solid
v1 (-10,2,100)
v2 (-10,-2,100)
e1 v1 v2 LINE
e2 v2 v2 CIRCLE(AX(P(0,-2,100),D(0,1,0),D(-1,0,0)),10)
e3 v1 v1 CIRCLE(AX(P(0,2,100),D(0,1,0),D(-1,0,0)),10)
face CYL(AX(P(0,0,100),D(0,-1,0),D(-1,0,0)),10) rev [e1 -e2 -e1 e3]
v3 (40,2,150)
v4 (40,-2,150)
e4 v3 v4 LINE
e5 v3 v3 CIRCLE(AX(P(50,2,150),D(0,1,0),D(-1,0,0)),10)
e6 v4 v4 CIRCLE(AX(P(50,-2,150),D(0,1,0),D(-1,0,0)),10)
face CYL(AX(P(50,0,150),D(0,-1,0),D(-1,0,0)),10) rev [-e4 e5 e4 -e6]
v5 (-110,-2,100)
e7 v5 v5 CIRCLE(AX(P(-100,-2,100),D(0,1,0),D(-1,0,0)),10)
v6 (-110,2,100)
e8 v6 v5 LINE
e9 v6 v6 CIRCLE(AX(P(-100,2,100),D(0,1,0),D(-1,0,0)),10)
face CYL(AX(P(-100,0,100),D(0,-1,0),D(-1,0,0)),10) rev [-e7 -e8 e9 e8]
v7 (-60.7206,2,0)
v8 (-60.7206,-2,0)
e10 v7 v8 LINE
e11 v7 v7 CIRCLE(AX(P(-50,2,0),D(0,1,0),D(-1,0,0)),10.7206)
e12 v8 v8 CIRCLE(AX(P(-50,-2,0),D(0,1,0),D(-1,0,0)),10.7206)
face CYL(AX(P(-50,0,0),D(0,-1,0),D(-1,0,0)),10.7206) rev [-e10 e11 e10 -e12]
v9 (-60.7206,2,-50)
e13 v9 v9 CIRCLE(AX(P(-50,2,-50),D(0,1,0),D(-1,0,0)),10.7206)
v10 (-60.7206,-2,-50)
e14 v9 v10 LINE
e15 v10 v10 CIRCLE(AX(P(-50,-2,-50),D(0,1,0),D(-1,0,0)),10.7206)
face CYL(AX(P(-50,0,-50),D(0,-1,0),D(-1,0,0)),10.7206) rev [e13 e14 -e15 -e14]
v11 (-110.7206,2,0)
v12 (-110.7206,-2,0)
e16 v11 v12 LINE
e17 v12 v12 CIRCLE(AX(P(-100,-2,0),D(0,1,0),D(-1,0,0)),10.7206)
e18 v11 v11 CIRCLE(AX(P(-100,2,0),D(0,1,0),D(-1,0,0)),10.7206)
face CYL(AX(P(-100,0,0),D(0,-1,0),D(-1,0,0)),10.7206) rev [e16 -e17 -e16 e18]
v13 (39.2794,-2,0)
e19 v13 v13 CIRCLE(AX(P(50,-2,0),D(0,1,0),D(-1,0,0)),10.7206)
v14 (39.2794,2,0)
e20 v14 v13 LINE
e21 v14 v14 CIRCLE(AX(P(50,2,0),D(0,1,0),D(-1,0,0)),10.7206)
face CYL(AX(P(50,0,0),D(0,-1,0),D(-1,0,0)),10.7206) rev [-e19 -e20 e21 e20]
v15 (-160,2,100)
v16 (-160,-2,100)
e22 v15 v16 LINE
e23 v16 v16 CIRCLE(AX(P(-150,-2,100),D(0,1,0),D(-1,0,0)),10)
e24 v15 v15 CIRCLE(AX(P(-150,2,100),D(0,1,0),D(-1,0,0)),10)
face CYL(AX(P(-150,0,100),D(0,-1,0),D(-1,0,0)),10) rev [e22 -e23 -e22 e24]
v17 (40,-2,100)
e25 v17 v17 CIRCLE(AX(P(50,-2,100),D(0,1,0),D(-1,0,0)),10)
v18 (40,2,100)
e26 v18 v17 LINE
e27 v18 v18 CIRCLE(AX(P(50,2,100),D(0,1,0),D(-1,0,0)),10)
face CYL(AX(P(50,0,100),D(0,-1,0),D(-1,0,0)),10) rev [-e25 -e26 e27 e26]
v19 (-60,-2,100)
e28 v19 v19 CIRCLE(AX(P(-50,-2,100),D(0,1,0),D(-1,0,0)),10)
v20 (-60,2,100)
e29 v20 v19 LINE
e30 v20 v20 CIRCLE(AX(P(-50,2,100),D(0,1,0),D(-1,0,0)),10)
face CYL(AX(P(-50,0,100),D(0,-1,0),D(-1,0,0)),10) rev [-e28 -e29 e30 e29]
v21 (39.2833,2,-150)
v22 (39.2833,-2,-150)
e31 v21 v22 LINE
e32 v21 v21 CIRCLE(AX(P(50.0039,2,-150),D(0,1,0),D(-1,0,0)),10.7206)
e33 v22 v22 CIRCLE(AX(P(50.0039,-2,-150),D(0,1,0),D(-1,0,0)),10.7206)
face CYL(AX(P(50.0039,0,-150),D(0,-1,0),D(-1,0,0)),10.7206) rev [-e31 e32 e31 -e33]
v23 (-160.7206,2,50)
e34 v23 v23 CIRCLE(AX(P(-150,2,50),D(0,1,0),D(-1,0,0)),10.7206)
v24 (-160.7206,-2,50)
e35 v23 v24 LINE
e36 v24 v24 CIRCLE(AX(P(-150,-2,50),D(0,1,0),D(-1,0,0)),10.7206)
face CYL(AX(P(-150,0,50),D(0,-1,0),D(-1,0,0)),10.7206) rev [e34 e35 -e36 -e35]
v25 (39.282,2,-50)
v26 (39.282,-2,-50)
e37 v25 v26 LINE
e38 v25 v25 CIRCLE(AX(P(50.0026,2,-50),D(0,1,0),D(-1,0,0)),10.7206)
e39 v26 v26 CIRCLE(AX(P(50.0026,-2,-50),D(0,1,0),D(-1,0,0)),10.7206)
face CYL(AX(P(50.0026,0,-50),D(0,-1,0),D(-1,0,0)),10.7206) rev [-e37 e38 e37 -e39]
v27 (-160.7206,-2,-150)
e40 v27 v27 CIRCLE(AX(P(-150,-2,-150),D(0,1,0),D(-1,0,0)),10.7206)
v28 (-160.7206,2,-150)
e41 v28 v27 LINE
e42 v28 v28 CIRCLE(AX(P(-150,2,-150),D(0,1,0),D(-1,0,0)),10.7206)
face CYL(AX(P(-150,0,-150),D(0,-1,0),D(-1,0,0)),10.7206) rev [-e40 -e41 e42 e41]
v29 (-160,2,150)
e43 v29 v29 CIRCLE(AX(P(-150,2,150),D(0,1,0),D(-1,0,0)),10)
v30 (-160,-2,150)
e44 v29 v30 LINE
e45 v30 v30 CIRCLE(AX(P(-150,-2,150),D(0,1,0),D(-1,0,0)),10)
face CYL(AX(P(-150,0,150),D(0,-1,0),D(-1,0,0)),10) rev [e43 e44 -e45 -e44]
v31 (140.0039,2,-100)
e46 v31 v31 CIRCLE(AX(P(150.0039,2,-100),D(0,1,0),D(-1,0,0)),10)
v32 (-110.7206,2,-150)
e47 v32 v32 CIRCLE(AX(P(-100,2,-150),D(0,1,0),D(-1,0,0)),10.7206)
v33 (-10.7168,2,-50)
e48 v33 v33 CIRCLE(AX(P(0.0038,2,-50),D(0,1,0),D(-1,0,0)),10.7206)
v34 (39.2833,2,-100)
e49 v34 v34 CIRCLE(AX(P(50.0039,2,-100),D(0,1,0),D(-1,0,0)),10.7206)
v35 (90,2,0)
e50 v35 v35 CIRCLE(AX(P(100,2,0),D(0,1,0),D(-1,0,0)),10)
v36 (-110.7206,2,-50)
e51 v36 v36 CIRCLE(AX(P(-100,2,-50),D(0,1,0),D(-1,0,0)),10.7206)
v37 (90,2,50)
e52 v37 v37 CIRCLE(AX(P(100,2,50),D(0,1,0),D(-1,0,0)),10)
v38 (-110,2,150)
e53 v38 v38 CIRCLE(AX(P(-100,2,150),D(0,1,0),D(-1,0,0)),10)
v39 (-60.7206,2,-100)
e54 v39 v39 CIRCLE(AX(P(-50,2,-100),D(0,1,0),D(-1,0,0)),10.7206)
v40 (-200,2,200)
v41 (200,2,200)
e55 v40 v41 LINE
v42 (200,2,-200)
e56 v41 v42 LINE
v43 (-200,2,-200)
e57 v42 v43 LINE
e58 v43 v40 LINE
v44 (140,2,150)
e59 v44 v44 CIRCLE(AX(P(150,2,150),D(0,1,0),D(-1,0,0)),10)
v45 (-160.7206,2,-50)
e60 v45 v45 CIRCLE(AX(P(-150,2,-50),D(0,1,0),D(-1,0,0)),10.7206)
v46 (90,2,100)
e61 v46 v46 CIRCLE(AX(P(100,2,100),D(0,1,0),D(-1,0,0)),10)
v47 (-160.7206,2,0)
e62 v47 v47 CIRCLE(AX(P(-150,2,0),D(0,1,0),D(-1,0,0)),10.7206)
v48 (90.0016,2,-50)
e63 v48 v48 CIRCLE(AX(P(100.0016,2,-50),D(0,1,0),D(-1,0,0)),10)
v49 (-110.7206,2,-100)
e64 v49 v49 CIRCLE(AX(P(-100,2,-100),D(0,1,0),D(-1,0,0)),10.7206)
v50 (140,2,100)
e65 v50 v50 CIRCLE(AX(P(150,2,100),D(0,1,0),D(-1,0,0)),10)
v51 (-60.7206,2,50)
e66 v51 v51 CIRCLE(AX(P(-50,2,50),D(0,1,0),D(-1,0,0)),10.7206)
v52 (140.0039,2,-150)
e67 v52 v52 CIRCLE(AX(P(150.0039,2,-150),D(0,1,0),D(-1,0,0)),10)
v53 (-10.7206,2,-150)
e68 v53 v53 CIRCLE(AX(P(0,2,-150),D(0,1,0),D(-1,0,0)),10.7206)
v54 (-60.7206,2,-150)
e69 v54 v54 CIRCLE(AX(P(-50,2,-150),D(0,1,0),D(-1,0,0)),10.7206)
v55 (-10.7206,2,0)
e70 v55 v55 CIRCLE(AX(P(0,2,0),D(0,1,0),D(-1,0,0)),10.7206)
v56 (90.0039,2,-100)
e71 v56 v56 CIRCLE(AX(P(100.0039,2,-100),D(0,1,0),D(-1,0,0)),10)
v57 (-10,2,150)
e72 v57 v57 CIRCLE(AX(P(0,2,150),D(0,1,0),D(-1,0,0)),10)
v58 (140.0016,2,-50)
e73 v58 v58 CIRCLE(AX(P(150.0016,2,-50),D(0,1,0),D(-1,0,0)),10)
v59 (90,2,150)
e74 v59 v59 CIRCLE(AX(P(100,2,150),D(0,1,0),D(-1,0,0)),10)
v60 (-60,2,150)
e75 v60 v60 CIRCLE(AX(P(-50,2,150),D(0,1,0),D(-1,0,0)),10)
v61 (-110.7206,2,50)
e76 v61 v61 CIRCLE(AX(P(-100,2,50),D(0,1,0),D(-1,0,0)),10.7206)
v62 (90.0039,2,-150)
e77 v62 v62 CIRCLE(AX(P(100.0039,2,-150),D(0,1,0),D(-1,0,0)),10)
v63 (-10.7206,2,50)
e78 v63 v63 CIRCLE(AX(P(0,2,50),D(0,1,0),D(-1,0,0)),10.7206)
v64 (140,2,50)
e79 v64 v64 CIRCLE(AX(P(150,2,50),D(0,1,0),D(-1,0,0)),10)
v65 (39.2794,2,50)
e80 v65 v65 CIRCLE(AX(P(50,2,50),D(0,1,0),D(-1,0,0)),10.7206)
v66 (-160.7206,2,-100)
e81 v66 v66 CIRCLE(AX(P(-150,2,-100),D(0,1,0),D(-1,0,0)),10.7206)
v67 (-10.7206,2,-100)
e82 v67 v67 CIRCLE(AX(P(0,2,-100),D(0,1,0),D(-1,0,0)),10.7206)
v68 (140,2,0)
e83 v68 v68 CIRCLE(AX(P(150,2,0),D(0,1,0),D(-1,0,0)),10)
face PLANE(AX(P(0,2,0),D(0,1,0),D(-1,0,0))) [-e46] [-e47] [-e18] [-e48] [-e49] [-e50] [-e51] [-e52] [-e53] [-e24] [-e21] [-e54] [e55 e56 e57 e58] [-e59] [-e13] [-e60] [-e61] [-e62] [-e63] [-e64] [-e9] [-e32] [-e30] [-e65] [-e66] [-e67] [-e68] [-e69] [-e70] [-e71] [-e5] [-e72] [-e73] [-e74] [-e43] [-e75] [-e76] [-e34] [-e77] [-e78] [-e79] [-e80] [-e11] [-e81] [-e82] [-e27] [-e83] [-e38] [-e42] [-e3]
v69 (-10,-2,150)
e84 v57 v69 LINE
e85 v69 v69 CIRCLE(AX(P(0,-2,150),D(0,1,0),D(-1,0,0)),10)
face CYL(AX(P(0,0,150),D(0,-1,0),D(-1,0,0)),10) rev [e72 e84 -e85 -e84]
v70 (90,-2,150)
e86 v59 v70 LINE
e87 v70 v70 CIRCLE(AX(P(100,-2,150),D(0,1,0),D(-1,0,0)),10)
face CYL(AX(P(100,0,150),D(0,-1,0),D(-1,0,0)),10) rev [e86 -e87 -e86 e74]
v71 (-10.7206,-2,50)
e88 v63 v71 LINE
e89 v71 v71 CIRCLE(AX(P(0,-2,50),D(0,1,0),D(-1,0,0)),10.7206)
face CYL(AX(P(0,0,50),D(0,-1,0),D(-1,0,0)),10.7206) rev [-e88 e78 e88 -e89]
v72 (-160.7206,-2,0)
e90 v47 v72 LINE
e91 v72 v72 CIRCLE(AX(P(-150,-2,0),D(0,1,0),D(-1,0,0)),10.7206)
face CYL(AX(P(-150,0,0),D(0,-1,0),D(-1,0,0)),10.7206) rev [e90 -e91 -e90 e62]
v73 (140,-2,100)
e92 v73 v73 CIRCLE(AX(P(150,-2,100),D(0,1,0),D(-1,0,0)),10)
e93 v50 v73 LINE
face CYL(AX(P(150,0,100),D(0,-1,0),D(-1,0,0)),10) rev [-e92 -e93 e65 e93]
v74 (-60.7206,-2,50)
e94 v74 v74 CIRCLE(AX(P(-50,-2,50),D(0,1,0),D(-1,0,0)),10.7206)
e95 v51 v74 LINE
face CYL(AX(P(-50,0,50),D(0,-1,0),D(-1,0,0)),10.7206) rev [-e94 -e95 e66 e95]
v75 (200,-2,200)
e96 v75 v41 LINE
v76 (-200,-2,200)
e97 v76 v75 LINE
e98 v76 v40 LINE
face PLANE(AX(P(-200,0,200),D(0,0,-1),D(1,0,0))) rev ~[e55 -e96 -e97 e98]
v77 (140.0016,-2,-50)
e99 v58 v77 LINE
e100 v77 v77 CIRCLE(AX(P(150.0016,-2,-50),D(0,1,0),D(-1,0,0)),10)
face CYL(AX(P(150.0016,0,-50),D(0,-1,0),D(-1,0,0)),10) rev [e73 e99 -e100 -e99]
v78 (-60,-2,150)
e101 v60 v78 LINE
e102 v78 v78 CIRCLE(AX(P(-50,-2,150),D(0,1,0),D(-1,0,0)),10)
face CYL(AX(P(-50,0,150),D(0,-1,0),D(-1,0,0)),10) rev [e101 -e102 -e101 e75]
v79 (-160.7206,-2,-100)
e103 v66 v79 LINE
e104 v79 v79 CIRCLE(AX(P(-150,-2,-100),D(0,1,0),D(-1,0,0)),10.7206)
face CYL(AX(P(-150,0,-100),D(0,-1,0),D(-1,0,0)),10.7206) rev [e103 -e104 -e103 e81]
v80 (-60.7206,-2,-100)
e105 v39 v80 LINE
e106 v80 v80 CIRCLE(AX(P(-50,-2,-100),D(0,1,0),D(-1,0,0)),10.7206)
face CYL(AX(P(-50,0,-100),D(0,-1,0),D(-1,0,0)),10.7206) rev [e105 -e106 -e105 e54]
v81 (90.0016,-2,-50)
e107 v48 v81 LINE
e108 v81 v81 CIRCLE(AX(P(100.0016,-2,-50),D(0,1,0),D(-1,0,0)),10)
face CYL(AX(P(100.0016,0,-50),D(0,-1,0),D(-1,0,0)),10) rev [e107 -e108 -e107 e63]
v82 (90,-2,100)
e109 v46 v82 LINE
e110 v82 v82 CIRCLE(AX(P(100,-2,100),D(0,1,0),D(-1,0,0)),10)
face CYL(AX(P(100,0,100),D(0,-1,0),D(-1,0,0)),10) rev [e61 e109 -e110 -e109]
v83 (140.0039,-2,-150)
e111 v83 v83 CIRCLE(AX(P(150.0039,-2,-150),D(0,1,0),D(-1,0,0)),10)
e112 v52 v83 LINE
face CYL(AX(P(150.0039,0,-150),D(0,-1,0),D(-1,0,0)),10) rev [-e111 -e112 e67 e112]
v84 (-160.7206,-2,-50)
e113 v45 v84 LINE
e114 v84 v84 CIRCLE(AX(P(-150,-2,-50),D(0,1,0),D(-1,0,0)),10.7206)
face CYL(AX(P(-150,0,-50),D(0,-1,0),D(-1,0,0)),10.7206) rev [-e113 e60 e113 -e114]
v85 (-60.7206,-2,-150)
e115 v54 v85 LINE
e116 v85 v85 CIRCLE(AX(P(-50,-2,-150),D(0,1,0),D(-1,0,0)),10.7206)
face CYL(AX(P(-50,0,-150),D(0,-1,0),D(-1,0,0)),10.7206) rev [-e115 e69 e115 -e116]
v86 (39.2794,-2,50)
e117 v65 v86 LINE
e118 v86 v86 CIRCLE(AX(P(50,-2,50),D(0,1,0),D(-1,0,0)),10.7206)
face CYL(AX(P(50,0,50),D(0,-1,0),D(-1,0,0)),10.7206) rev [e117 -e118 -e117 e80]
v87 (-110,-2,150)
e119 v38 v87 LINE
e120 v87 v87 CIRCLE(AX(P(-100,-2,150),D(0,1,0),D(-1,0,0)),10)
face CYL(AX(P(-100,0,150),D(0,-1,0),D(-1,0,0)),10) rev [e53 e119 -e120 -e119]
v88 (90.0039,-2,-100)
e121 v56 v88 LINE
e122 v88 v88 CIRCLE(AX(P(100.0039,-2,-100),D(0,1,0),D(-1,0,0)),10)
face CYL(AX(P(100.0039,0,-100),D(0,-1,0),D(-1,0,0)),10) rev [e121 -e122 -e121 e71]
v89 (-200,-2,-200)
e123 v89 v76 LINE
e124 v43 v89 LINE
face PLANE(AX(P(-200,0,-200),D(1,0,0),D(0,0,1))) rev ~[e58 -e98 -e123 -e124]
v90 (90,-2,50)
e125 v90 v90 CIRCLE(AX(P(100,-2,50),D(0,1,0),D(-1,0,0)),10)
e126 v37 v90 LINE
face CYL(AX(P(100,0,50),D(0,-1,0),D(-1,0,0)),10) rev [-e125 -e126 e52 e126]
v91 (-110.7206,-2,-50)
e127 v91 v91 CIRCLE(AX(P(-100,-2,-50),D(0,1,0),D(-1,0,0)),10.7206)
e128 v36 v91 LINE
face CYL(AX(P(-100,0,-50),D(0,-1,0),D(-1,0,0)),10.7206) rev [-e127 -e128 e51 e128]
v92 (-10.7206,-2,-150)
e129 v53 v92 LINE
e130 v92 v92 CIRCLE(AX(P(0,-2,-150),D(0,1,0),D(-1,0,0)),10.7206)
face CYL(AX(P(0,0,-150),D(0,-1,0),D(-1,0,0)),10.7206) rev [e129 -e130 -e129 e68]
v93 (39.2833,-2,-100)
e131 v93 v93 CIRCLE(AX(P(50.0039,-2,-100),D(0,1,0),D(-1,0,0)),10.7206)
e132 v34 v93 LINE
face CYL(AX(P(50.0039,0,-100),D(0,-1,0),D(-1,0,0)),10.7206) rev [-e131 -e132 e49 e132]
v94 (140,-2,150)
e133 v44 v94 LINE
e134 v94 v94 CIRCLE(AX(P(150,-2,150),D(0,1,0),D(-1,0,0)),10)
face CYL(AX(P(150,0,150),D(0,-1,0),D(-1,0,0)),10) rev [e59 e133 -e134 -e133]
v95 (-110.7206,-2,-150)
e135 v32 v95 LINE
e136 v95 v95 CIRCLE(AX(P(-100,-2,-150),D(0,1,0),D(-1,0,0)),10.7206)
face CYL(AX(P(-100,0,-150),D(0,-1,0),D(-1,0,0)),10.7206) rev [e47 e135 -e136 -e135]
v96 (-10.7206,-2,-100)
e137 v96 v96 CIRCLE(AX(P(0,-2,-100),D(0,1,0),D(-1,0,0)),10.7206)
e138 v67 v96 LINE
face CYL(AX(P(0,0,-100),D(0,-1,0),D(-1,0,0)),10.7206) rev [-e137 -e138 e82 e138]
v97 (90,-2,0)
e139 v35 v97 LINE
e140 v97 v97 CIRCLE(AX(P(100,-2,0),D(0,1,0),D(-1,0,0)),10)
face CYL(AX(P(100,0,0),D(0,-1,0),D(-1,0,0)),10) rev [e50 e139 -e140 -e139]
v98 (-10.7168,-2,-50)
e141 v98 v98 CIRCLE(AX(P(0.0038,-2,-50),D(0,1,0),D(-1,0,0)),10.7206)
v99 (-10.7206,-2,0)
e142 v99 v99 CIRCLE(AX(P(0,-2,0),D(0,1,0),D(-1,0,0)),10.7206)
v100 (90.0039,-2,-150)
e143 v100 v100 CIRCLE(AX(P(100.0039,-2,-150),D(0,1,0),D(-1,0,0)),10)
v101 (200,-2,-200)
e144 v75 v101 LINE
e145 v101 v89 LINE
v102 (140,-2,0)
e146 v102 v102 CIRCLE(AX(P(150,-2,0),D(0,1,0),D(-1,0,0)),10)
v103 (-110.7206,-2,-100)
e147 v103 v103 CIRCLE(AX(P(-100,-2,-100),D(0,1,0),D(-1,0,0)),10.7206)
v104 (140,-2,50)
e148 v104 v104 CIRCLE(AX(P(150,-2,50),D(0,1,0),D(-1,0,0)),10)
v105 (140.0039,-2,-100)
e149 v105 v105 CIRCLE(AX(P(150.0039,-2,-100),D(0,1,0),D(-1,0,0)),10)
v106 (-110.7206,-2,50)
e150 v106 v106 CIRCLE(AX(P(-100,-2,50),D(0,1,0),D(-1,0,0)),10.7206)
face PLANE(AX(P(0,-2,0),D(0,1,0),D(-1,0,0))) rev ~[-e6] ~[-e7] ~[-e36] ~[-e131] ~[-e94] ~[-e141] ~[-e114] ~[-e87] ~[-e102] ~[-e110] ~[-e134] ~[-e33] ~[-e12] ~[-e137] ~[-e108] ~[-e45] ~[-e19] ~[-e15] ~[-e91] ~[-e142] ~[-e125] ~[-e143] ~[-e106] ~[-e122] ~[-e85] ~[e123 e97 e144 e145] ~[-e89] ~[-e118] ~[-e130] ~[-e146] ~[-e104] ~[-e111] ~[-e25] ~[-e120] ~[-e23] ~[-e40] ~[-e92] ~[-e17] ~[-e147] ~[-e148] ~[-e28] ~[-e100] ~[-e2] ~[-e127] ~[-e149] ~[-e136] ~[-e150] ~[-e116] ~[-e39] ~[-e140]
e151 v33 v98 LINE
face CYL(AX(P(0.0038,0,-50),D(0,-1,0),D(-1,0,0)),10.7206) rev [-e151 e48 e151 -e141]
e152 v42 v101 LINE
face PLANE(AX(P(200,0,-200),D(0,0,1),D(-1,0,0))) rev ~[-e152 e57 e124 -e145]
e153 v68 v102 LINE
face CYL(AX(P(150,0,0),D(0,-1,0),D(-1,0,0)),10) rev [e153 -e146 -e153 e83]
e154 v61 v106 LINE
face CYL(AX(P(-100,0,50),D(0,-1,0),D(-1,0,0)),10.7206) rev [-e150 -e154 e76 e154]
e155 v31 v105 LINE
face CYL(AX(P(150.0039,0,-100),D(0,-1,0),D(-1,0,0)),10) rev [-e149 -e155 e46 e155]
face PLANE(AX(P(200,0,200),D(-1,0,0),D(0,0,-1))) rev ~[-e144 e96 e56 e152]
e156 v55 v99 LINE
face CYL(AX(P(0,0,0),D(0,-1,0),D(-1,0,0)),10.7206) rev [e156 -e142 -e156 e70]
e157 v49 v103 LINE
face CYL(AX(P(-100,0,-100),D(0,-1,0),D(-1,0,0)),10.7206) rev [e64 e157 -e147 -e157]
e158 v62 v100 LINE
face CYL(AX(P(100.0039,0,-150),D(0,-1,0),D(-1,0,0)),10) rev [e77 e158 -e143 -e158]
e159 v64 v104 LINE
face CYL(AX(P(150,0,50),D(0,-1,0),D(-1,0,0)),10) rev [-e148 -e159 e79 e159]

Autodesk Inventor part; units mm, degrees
ref_plane "YZ Plane" through (0, 0, 0) normal (1, 0, 0) x (0, 1, 0)
ref_plane "XZ Plane" through (0, 0, 0) normal (0, 1, 0) x (-1, 0, 0)
ref_plane "XY Plane" through (0, 0, 0) normal (0, 0, 1) x (1, 0, 0)
sketch "Sketch1" plane through (0, 0, 0) normal (0, 1, 0) x (-1, 0, 0)
  line L0 (200, 200) -> (-200, 200)
  line L1 (-200, 200) -> (-200, -200)
  line L2 (-200, -200) -> (200, -200)
  line L3 (200, -200) -> (200, 200)
  circle A0 centre (150, 150) radius 10
  circle A1 centre (50, 50) radius 10.7206
  circle A2 centre (150, 100) radius 10
  circle A3 centre (50, 0) radius 10.7206
  circle A4 centre (50, -50) radius 10.7206
  circle A5 centre (50, -100) radius 10.7206
  circle A6 centre (50, -150) radius 10.7206
  circle A7 centre (100, 100) radius 10
  circle A8 centre (150, 50) radius 10.7206
  circle A9 centre (150, 0) radius 10.7206
  circle A10 centre (150, -50) radius 10.7206
  circle A11 centre (150, -100) radius 10.7206
  circle A12 centre (150, -150) radius 10.7206
  circle A13 centre (100, 150) radius 10
  circle A14 centre (50, 150) radius 10
  circle A15 centre (100, 50) radius 10.7206
  circle A16 centre (100, 0) radius 10.7206
  circle A17 centre (100, -50) radius 10.7206
  circle A18 centre (100, -100) radius 10.7206
  circle A19 centre (100, -150) radius 10.7206
  circle A20 centre (50, 100) radius 10
  circle A21 centre (0, 150) radius 10
  circle A22 centre (-50, 150) radius 10
  circle A23 centre (0, 100) radius 10
  circle A24 centre (-50, 100) radius 10
  circle A25 centre (0, 50) radius 10.7206
  circle A26 centre (-50, 50) radius 10.7206
  circle A27 centre (0, 0) radius 10.7206
  circle A28 centre (-0.0038, -50) radius 10.7206
  circle A29 centre (-50, 0) radius 10.7206
  circle A30 centre (0, -150) radius 10.7206
  circle A31 centre (0, -100) radius 10.7206
  circle A32 centre (-50.0026, -50) radius 10.7206
  circle A33 centre (-50.0039, -150) radius 10.7206
  circle A34 centre (-50.0039, -100) radius 10.7206
  circle A35 centre (-100, 100) radius 10
  circle A36 centre (-100, 150) radius 10
  circle A37 centre (-100, 0) radius 10
  circle A38 centre (-100.0016, -50) radius 10
  circle A39 centre (-100, 50) radius 10
  circle A40 centre (-150, 150) radius 10
  circle A41 centre (-100.0039, -100) radius 10
  circle A42 centre (-100.0039, -150) radius 10
  circle A43 centre (-150.0016, -50) radius 10
  circle A44 centre (-150.0039, -100) radius 10
  circle A45 centre (-150, 0) radius 10
  circle A46 centre (-150, 50) radius 10
  circle A47 centre (-150, 100) radius 10
  circle A48 centre (-150.0039, -150) radius 10
  point P0 (201.5875, 201.5875)
  dimension "d0" = 400
  dimension "d1" = 400
  dimension "d2" = 200
  dimension "d3" = 200
  dimension "d4" = 20
  dimension "d5" = 50
  dimension "d6" = 50
  dimension "d8" = 100
  dimension "d10" = 150
  dimension "d11" = 200
  dimension "d12" = 250
  dimension "d13" = 300
  dimension "d14" = 350
  dimension "d15" = 50
  dimension "d18" = 50
  dimension "d19" = 50
  dimension "d21" = 50
  dimension "d23" = 50
  dimension "d24" = 50
  dimension "d25" = 50
  dimension "d26" = 50
  dimension "d27" = 50
  dimension "d28" = 50
  dimension "d29" = 50
  dimension "d30" = 50
  dimension "d31" = 50
  dimension "d32" = 50
  dimension "d33" = 50
  dimension "d34" = 50
  dimension "d35" = 50
  dimension "d36" = 50
  dimension "d37" = 50
  dimension "d38" = 50
  dimension "d39" = 50
  dimension "d40" = 50
  dimension "d41" = 50
  dimension "d42" = 50
  dimension "d43" = 50
  dimension "d44" = 50
  dimension "d45" = 50
  dimension "d46" = 50
  dimension "d47" = 50
  dimension "d48" = 50
  dimension "d49" = 50.0038
  dimension "d50" = 50
  dimension "d51" = 50
  dimension "d52" = 50
  dimension "d53" = 50
  dimension "d54" = 50
  dimension "d55" = 49.9988
  dimension "d56" = 50.0039
  dimension "d57" = 50.0039
  dimension "d58" = 50
  dimension "d59" = 50
  dimension "d60" = 49.999
  dimension "d61" = 50
  dimension "d62" = 50
  dimension "d63" = 50
  dimension "d64" = 50
  dimension "d65" = 50
  dimension "d66" = 50
  dimension "d67" = 50
  dimension "d68" = 50
  dimension "d69" = 50
extrude "Extrusion1" add sketch "Sketch1" along normal mid plane 4
ref_plane "Work Plane1" through (200, -398, 0) normal (1, 0, 0) x (0, 0, 1)
sketch "Sketch2" plane through (200, -398, 0) normal (1, 0, 0) x (0, 0, 1)
  point P0 (0, -398)
properties part number "top"
